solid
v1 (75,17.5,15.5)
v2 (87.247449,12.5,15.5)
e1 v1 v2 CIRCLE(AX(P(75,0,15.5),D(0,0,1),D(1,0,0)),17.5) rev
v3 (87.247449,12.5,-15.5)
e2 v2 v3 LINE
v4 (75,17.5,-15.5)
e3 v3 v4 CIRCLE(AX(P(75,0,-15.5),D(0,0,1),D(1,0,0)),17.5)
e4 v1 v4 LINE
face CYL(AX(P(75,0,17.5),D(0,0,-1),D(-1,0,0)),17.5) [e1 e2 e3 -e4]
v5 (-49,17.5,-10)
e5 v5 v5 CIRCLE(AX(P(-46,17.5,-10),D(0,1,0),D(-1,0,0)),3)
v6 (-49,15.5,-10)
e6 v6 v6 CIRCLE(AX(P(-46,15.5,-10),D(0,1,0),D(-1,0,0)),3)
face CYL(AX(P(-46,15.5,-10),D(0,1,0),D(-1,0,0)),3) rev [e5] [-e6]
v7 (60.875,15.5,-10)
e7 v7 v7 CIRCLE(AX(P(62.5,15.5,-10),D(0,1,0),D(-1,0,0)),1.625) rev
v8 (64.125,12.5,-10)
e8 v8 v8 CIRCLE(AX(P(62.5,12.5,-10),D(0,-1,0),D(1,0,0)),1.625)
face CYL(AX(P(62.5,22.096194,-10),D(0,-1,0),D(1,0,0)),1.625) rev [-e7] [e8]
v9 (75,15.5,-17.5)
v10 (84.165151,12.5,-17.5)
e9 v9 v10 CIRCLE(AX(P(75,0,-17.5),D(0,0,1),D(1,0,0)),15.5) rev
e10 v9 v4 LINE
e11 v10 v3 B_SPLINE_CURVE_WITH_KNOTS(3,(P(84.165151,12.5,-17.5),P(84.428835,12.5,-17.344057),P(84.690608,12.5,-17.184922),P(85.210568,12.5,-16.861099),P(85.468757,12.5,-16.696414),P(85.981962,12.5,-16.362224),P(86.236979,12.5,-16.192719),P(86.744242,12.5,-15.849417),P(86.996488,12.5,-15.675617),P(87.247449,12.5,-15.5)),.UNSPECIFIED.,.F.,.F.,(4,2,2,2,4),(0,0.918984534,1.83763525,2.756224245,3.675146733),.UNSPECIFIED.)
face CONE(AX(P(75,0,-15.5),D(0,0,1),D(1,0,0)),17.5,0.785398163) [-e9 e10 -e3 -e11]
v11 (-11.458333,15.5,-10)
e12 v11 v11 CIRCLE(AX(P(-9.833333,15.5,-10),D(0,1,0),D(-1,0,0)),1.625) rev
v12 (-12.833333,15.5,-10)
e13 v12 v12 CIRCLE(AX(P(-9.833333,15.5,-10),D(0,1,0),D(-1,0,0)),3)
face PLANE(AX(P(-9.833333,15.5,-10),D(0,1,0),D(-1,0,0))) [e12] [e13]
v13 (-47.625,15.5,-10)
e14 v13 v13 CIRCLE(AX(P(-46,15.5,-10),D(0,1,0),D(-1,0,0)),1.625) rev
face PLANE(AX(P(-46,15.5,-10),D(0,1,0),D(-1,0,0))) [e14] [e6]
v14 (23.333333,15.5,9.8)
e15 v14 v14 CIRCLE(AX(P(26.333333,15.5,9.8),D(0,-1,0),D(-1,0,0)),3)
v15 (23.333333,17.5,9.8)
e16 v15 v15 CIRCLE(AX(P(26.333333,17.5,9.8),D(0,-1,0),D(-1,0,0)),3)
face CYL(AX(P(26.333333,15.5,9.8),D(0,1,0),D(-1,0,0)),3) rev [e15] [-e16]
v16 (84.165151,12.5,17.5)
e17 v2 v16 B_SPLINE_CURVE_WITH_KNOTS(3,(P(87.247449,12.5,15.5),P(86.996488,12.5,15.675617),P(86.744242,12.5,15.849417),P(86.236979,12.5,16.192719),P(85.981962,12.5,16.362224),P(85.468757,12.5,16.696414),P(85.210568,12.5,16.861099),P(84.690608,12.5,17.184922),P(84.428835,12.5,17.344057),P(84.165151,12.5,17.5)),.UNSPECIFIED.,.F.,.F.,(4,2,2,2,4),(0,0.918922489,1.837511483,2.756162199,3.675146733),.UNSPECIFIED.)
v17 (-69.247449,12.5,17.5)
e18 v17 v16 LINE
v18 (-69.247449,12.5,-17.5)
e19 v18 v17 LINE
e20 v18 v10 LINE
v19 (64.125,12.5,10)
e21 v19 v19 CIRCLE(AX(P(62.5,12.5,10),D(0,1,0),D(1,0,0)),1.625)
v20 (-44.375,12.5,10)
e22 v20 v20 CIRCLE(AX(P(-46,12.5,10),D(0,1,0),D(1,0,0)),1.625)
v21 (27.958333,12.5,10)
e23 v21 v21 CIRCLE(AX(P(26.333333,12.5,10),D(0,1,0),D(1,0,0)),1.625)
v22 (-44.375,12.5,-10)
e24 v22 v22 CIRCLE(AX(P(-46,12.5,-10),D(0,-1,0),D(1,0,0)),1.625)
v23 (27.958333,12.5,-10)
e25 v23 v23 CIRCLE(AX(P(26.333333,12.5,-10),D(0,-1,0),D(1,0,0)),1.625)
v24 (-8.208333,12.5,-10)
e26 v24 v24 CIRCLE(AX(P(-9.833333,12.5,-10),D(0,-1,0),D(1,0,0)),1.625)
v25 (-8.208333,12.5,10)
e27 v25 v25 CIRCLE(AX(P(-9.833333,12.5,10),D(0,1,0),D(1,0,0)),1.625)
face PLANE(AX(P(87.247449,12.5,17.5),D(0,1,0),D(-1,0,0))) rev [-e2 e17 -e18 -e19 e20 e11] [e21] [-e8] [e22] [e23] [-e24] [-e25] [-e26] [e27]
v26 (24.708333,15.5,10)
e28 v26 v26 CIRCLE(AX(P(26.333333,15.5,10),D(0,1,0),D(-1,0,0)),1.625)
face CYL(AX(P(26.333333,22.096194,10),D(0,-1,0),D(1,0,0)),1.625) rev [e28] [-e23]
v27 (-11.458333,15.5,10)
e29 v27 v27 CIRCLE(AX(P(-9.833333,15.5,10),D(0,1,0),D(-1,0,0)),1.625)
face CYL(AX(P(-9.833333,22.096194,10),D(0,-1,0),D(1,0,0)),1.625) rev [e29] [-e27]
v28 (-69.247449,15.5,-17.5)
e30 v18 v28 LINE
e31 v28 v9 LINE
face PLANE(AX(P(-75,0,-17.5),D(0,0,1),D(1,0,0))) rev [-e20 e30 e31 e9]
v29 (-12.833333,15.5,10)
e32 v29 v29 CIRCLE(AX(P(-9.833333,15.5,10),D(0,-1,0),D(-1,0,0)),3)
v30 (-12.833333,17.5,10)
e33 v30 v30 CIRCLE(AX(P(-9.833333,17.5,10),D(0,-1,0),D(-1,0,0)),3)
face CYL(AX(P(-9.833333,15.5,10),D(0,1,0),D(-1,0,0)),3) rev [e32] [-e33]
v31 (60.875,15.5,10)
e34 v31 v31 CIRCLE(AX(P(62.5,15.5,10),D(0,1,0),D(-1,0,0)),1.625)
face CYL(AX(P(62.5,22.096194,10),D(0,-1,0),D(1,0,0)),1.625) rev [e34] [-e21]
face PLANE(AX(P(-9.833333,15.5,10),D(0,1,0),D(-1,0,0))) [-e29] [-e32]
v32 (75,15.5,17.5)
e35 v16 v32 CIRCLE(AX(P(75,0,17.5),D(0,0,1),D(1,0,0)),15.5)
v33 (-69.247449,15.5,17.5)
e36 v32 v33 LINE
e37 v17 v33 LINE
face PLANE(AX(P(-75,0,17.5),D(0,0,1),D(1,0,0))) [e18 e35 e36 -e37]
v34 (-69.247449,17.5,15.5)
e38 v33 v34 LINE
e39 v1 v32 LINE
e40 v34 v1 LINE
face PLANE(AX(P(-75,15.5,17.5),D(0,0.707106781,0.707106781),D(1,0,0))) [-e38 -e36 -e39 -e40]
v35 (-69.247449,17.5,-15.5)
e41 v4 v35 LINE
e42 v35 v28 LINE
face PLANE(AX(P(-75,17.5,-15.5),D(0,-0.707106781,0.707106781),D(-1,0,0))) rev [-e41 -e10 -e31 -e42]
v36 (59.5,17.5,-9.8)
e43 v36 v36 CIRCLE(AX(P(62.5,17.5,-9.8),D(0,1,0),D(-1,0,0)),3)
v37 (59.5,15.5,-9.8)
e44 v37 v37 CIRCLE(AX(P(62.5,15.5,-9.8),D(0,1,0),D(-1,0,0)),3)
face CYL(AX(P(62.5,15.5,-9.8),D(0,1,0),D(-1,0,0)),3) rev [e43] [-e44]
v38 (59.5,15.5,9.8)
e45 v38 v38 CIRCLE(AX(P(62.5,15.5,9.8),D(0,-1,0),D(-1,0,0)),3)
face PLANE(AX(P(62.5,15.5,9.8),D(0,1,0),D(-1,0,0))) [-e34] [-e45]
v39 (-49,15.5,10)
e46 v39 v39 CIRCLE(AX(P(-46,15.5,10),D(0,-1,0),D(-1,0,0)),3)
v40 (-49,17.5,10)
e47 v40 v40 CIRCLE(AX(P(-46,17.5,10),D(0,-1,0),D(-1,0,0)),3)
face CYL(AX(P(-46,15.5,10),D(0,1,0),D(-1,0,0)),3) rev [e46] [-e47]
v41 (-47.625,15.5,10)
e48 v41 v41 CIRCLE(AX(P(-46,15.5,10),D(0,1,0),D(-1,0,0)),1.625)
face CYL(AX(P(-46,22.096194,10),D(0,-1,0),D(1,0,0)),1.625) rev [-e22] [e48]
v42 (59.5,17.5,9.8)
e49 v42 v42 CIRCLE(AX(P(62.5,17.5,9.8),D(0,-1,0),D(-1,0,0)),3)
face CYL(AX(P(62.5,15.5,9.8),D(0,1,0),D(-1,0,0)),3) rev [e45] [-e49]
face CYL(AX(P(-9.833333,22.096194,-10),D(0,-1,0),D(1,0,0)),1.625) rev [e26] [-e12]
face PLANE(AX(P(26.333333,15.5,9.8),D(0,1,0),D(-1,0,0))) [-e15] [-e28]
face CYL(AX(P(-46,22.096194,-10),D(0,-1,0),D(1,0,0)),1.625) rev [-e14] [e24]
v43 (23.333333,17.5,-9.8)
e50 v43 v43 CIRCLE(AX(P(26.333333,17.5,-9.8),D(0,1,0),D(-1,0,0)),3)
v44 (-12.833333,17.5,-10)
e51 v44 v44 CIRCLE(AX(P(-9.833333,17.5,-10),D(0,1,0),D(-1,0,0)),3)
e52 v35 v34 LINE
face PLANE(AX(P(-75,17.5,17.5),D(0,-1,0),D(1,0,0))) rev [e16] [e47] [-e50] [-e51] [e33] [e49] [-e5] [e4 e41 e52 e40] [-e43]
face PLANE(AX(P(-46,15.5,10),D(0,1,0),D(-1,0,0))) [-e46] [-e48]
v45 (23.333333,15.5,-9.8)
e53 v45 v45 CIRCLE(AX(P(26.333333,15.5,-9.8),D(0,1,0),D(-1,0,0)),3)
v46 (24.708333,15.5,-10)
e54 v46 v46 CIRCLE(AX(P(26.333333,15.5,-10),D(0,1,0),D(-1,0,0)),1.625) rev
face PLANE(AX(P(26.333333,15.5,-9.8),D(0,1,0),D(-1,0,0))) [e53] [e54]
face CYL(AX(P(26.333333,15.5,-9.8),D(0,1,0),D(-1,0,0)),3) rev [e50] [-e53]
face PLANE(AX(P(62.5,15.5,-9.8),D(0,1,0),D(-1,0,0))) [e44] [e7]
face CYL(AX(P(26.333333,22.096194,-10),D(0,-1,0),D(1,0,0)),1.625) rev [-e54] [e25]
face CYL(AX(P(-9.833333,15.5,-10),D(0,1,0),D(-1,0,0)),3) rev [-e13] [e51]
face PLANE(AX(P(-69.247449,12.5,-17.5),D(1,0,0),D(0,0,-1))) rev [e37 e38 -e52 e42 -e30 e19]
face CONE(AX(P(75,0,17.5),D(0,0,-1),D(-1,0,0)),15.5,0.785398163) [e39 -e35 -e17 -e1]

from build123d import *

# Parameters (mm, degrees)
BOSS_EXTRUDE1_DEPTH = 17.5
SKETCH2_W           = 18
SKETCH2_H           = 5
CUT_EXTRUDE1_DEPTH  = 17.5
SKETCH3_R           = 1.625
CUT_EXTRUDE2_DEPTH  = 5
SKETCH4_R           = 3
CUT_EXTRUDE3_DEPTH  = 2
CHAMFER1_SIZE       = 2


with BuildPart() as part:
    # Sketch1 → Boss-Extrude1 (new, symmetric)
    with BuildSketch(Plane.XY):
        with BuildLine():
            Line((-75, 17.5), (75, 17.5))
            ThreePointArc((75, 17.5), (81.614378278, 16.201851746), (87.247448714, 12.5))
            Line((87.247448714, 12.5), (-87.247448714, 12.5))
            ThreePointArc((-87.247448714, 12.5), (-81.614378278, 16.201851746), (-75, 17.5))
        make_face()
    extrude(amount=BOSS_EXTRUDE1_DEPTH, both=True)

    # Sketch2 → Cut-Extrude1 (cut, symmetric)
    with BuildSketch(Plane.XY):
        with Locations((-78.247448714, 15)):
            Rectangle(SKETCH2_W, SKETCH2_H)
    extrude(amount=CUT_EXTRUDE1_DEPTH, both=True, mode=Mode.SUBTRACT)

    # Sketch3 → Cut-Extrude2 (cut)
    with BuildSketch(Plane.XZ.offset(-12.5)):
        with Locations((-46, -10)):
            Circle(SKETCH3_R)
        with Locations((-9.833333333, -10)):
            Circle(SKETCH3_R)
        with Locations((26.333333333, -10)):
            Circle(SKETCH3_R)
        with Locations((62.5, -10)):
            Circle(SKETCH3_R)
    cut_extrude2 = extrude(amount=-CUT_EXTRUDE2_DEPTH, mode=Mode.SUBTRACT)

    # Sketch4 → Cut-Extrude3 (cut)
    with BuildSketch(Plane(origin=(0, 17.5, 0), x_dir=(1, 0, 0), z_dir=(0, 1, 0))):
        with Locations(Location((62.5, 9.8, 0), (0, 0, 180))):
            Circle(SKETCH4_R)
        with Locations(Location((26.333333333, 9.8, 0), (0, 0, 180))):
            Circle(SKETCH4_R)
        with Locations(Location((-9.833333333, 10, 0), (0, 0, 180))):
            Circle(SKETCH4_R)
        with Locations(Location((-46, 10, 0), (0, 0, 180))):
            Circle(SKETCH4_R)
    cut_extrude3 = extrude(amount=-CUT_EXTRUDE3_DEPTH, mode=Mode.SUBTRACT)

    # Mirror1: Cut-Extrude2, Cut-Extrude3 across plane
    add(cut_extrude2.mirror(Plane.XY), mode=Mode.SUBTRACT)
    add(cut_extrude3.mirror(Plane.XY), mode=Mode.SUBTRACT)

    # Chamfer1
    chamfer1_edges = [part.edges().sort_by_distance(p)[0] for p in [
        (81.614378278, 16.201851746, 17.5),
        (2.876275643, 17.5, 17.5),
        (2.876275643, 17.5, -17.5),
        (81.614378278, 16.201851746, -17.5),
    ]]
    chamfer(chamfer1_edges, length=CHAMFER1_SIZE)


solid = part.part
